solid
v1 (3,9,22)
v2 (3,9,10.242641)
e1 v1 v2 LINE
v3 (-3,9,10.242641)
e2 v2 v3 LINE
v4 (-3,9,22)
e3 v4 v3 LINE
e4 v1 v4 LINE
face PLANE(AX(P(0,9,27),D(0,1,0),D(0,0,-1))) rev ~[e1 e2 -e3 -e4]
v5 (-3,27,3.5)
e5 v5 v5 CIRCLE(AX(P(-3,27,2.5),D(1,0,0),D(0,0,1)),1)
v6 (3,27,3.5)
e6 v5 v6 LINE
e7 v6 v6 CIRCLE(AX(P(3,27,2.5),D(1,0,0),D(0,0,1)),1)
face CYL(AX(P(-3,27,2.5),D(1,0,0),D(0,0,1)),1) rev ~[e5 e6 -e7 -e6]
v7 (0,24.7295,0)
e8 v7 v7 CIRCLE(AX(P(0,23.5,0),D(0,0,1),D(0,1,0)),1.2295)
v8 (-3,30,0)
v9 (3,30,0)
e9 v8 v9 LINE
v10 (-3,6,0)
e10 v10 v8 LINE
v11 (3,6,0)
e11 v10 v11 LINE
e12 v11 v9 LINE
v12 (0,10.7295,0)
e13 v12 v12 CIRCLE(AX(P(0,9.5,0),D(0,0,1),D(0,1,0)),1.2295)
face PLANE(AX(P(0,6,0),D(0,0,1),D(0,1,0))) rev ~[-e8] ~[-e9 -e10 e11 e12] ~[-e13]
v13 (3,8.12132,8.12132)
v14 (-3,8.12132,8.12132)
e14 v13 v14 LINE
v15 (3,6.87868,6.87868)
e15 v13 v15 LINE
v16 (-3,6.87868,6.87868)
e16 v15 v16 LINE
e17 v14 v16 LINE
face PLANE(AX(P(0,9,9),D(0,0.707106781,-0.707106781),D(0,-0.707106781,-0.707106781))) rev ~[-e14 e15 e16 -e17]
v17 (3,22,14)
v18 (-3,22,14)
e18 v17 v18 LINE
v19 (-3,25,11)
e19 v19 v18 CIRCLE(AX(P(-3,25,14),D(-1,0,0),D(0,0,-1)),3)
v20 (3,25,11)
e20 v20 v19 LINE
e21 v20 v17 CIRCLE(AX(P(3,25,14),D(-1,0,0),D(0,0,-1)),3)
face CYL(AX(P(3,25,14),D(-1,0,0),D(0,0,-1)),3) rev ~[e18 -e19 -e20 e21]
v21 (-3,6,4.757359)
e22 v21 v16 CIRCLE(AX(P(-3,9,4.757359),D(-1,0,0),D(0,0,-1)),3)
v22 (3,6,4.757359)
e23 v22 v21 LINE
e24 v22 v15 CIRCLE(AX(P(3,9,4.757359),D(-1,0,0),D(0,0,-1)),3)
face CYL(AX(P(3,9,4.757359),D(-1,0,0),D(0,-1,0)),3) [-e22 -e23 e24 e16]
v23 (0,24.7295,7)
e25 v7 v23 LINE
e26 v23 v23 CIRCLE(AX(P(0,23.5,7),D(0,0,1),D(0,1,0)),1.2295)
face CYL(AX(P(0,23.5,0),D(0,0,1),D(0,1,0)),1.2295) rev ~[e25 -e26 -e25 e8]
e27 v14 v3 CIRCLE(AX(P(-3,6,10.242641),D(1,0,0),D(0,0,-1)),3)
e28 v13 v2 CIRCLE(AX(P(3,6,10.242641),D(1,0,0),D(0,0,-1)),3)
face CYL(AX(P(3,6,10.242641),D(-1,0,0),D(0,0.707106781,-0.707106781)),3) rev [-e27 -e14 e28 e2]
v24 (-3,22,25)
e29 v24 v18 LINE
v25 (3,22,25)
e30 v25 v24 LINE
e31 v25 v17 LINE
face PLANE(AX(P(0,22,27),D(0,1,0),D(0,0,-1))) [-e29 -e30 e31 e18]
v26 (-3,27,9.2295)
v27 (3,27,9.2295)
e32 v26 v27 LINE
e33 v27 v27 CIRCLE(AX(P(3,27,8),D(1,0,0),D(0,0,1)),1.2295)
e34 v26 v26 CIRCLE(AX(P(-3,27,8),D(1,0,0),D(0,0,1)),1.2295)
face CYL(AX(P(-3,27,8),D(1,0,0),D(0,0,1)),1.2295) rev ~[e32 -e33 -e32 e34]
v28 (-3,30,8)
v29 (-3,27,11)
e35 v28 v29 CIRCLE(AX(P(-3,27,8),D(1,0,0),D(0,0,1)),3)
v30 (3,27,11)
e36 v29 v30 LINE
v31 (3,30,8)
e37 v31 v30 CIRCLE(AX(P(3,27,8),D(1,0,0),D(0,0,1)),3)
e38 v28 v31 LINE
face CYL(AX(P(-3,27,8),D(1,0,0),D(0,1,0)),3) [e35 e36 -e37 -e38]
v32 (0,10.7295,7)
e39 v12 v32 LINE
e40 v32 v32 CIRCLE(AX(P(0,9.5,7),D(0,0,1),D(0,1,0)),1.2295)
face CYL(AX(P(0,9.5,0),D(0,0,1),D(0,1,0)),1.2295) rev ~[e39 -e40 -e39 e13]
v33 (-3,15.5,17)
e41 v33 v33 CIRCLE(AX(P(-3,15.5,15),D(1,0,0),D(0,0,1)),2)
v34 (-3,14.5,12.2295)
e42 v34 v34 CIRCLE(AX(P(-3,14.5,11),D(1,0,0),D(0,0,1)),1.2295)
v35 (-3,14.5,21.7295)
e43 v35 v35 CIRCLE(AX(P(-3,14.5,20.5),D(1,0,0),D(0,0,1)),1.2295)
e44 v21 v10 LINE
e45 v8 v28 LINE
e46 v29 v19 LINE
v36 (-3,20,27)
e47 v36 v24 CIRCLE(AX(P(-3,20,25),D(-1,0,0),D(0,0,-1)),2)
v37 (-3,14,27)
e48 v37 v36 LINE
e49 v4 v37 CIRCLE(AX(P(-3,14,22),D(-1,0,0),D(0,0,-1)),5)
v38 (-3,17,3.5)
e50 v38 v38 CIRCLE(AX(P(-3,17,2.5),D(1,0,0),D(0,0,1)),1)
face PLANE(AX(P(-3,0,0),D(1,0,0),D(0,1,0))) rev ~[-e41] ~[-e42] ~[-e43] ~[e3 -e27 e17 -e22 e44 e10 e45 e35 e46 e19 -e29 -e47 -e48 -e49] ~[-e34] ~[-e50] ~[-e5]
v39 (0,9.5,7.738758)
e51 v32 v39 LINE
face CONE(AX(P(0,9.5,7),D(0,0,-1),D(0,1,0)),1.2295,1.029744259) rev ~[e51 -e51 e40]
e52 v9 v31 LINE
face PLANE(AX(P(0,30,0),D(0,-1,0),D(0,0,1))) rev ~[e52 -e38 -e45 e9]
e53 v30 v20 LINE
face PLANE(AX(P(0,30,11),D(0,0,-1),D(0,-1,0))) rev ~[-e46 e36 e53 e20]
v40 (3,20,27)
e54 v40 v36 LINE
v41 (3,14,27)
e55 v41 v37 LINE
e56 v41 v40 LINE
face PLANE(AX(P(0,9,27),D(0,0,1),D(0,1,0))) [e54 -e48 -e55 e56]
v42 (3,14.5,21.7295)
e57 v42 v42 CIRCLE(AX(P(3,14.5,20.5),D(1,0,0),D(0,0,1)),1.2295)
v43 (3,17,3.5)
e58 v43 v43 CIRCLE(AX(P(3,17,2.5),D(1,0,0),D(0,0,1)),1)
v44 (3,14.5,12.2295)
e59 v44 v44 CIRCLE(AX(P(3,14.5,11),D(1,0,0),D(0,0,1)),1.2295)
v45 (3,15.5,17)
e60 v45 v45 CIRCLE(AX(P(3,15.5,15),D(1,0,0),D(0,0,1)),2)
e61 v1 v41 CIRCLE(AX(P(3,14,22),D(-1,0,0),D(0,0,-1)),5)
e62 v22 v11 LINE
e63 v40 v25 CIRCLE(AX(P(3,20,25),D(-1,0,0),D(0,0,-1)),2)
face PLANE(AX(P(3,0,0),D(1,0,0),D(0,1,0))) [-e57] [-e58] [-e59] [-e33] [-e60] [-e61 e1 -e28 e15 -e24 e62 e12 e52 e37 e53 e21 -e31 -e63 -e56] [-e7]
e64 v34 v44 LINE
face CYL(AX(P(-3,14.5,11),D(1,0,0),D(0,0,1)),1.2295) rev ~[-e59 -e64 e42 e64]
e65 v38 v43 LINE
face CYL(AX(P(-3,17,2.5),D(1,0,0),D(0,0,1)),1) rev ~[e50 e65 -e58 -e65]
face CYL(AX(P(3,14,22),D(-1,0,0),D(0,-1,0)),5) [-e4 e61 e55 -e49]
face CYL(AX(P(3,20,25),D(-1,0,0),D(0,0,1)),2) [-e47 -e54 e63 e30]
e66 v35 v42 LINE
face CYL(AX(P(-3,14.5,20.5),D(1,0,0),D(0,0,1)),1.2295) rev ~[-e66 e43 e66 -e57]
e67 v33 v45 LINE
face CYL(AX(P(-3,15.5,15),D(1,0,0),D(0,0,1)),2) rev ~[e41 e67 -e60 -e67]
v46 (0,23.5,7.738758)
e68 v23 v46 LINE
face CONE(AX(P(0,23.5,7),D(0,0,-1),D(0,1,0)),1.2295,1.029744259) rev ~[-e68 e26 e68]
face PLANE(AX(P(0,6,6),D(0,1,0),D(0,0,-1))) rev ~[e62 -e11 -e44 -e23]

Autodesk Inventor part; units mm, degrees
ref_plane "YZ Plane" through (0, 0, 0) normal (1, 0, 0) x (0, 1, 0)
ref_plane "XZ Plane" through (0, 0, 0) normal (0, 1, 0) x (-1, 0, 0)
ref_plane "XY Plane" through (0, 0, 0) normal (0, 0, 1) x (1, 0, 0)
sketch "Skizze1" plane through (0, 0, 0) normal (1, 0, 0) x (0, 1, 0)
  line L0 (6, 0) -> (30, 0)
  line L1 (30, 0) -> (30, 11)
  line L2 (9, 27) -> (9, 9)
  line L3 (9, 27) -> (22, 27)
  line L4 (22, 27) -> (22, 11)
  line L5 (30, 11) -> (22, 11)
  circle A0 centre (15.5, 15) radius 0.5
  circle A1 centre (14.5, 20.5) radius 0.5
  circle A2 centre (27, 8) radius 0.5
  line L6 (0, 32.4) -> (0, -5.4) projected
  line L7 (1.2, 0) -> (34.8, 0) projected
  line L8 (9, 9) -> (6, 6)
  line L9 (6, 6) -> (6, 0)
  circle A3 centre (14.5, 11) radius 0.5
  line L10 (14.5, 20.5) -> (14.5, 11) construction
  dimension "d1" = 11
  dimension "d3" = 27
  dimension "d21" = 1
  dimension "d28" = 1
  dimension "d41" = 1
  dimension "d43" = 8
  dimension "d54" = 9
  dimension "d55" = 27
  dimension "d61" = 15
  dimension "d62" = 15.5
  dimension "d127" = 30
  dimension "d172" = 6
  dimension "d175" = 6
  dimension "d176" = 45
  dimension "d180" = 22
  dimension "d197" = 1
  dimension "d198" = 14.5
  dimension "d199" = 11
  dimension "d201" = 9.5
  dimension "d202" = 0
extrude "Extrusion1" add sketch "Skizze1" along normal mid plane 6
sketch "Skizze9" plane through (-3, 0, 0) normal (-1, 0, 0) x (0, 0, 1)
  circle A0 centre (8, 27) radius 0.5 projected
  point P0 (0, 0)
hole "Feder" at (-3, 27, 8) direction (1, 0, 0) diameter 2.459 end through all thread size "M3x0.5" class "6H" standard "ISO Metric profile"
sketch "Skizze3" plane through (-3, 0, 0) normal (-1, 0, 0) x (0, 0, 1)
  circle A0 centre (20.5, 14.5) radius 0.5 projected
  circle A1 centre (11, 14.5) radius 0.5 projected
hole "Dribbler" at (-3, 14.5, 20.5) at (-3, 14.5, 11) direction (1, 0, 0) diameter 2.459 end through all thread size "M3x0.5" class "6H" standard "ISO Metric profile"
sketch "Skizze4" plane through (-3, 0, 0) normal (-1, 0, 0) x (0, 0, 1)
  circle A0 centre (15, 15.5) radius 0.5 projected
  circle A1 centre (15, 15.5) radius 0.5 projected
  point P0 (0, 0)
hole "Chipper" at (-3, 15.5, 15) direction (1, 0, 0) diameter 4 end through all
sketch "Skizze5" plane through (3, 30, 0) normal (0, 0, -1) x (-1, 0, 0)
  line L0 (6, 0) -> (0, 0) projected
  line L1 (0, -24) -> (0, 0) projected
  line L2 (6, 0) -> (6, -24) projected
  line L3 (3, -24) -> (3, 0) construction
  line L4 (6, -24) -> (0, -24) projected
  line L5 (-1.2, -30) -> (7.2, -30) projected
  point P0 (3, -20.5)
  point P1 (3, -6.5)
  point P2 (3, -13.5)
  point P3 (3, -12)
  dimension "d58" = 7
  dimension "d89" = 7
  dimension "d185" = 9.5
hole "Montage" at (0, 9.5, 0) at (0, 23.5, 0) direction (0, 0, 1) diameter 2.459 depth 7 tip angle 118 thread size "M3x0.5" class "6H" standard "ISO Metric profile"
fillet "Rundung2" radius 3 4 edges at (0, 22, 11) (0, 30, 11) (0, 9, 9) (0, 6, 6)
sketch "Skizze16" plane through (-3, 0, 0) normal (-1, 0, 0) x (0, 0, 1)
  line L0 (2.5, 27) -> (2.5, 17) construction
  line L1 (0, 36) -> (0, -6) construction
  point P0 (0, 0)
  dimension "d161" = 17
  dimension "d162" = 10
  dimension "d177" = 2.5
hole "Bohrung10" at (-3, 27, 2.5) at (-3, 17, 2.5) direction (1, 0, 0) diameter 2 end through all
fillet "Rundung7" radius 5 1 edges at (0, 9, 27)
fillet "Rundung8" radius 2 1 edges at (0, 22, 27)
properties part number "Dribbler Lagerbock v2" material "Aluminium 6061"
